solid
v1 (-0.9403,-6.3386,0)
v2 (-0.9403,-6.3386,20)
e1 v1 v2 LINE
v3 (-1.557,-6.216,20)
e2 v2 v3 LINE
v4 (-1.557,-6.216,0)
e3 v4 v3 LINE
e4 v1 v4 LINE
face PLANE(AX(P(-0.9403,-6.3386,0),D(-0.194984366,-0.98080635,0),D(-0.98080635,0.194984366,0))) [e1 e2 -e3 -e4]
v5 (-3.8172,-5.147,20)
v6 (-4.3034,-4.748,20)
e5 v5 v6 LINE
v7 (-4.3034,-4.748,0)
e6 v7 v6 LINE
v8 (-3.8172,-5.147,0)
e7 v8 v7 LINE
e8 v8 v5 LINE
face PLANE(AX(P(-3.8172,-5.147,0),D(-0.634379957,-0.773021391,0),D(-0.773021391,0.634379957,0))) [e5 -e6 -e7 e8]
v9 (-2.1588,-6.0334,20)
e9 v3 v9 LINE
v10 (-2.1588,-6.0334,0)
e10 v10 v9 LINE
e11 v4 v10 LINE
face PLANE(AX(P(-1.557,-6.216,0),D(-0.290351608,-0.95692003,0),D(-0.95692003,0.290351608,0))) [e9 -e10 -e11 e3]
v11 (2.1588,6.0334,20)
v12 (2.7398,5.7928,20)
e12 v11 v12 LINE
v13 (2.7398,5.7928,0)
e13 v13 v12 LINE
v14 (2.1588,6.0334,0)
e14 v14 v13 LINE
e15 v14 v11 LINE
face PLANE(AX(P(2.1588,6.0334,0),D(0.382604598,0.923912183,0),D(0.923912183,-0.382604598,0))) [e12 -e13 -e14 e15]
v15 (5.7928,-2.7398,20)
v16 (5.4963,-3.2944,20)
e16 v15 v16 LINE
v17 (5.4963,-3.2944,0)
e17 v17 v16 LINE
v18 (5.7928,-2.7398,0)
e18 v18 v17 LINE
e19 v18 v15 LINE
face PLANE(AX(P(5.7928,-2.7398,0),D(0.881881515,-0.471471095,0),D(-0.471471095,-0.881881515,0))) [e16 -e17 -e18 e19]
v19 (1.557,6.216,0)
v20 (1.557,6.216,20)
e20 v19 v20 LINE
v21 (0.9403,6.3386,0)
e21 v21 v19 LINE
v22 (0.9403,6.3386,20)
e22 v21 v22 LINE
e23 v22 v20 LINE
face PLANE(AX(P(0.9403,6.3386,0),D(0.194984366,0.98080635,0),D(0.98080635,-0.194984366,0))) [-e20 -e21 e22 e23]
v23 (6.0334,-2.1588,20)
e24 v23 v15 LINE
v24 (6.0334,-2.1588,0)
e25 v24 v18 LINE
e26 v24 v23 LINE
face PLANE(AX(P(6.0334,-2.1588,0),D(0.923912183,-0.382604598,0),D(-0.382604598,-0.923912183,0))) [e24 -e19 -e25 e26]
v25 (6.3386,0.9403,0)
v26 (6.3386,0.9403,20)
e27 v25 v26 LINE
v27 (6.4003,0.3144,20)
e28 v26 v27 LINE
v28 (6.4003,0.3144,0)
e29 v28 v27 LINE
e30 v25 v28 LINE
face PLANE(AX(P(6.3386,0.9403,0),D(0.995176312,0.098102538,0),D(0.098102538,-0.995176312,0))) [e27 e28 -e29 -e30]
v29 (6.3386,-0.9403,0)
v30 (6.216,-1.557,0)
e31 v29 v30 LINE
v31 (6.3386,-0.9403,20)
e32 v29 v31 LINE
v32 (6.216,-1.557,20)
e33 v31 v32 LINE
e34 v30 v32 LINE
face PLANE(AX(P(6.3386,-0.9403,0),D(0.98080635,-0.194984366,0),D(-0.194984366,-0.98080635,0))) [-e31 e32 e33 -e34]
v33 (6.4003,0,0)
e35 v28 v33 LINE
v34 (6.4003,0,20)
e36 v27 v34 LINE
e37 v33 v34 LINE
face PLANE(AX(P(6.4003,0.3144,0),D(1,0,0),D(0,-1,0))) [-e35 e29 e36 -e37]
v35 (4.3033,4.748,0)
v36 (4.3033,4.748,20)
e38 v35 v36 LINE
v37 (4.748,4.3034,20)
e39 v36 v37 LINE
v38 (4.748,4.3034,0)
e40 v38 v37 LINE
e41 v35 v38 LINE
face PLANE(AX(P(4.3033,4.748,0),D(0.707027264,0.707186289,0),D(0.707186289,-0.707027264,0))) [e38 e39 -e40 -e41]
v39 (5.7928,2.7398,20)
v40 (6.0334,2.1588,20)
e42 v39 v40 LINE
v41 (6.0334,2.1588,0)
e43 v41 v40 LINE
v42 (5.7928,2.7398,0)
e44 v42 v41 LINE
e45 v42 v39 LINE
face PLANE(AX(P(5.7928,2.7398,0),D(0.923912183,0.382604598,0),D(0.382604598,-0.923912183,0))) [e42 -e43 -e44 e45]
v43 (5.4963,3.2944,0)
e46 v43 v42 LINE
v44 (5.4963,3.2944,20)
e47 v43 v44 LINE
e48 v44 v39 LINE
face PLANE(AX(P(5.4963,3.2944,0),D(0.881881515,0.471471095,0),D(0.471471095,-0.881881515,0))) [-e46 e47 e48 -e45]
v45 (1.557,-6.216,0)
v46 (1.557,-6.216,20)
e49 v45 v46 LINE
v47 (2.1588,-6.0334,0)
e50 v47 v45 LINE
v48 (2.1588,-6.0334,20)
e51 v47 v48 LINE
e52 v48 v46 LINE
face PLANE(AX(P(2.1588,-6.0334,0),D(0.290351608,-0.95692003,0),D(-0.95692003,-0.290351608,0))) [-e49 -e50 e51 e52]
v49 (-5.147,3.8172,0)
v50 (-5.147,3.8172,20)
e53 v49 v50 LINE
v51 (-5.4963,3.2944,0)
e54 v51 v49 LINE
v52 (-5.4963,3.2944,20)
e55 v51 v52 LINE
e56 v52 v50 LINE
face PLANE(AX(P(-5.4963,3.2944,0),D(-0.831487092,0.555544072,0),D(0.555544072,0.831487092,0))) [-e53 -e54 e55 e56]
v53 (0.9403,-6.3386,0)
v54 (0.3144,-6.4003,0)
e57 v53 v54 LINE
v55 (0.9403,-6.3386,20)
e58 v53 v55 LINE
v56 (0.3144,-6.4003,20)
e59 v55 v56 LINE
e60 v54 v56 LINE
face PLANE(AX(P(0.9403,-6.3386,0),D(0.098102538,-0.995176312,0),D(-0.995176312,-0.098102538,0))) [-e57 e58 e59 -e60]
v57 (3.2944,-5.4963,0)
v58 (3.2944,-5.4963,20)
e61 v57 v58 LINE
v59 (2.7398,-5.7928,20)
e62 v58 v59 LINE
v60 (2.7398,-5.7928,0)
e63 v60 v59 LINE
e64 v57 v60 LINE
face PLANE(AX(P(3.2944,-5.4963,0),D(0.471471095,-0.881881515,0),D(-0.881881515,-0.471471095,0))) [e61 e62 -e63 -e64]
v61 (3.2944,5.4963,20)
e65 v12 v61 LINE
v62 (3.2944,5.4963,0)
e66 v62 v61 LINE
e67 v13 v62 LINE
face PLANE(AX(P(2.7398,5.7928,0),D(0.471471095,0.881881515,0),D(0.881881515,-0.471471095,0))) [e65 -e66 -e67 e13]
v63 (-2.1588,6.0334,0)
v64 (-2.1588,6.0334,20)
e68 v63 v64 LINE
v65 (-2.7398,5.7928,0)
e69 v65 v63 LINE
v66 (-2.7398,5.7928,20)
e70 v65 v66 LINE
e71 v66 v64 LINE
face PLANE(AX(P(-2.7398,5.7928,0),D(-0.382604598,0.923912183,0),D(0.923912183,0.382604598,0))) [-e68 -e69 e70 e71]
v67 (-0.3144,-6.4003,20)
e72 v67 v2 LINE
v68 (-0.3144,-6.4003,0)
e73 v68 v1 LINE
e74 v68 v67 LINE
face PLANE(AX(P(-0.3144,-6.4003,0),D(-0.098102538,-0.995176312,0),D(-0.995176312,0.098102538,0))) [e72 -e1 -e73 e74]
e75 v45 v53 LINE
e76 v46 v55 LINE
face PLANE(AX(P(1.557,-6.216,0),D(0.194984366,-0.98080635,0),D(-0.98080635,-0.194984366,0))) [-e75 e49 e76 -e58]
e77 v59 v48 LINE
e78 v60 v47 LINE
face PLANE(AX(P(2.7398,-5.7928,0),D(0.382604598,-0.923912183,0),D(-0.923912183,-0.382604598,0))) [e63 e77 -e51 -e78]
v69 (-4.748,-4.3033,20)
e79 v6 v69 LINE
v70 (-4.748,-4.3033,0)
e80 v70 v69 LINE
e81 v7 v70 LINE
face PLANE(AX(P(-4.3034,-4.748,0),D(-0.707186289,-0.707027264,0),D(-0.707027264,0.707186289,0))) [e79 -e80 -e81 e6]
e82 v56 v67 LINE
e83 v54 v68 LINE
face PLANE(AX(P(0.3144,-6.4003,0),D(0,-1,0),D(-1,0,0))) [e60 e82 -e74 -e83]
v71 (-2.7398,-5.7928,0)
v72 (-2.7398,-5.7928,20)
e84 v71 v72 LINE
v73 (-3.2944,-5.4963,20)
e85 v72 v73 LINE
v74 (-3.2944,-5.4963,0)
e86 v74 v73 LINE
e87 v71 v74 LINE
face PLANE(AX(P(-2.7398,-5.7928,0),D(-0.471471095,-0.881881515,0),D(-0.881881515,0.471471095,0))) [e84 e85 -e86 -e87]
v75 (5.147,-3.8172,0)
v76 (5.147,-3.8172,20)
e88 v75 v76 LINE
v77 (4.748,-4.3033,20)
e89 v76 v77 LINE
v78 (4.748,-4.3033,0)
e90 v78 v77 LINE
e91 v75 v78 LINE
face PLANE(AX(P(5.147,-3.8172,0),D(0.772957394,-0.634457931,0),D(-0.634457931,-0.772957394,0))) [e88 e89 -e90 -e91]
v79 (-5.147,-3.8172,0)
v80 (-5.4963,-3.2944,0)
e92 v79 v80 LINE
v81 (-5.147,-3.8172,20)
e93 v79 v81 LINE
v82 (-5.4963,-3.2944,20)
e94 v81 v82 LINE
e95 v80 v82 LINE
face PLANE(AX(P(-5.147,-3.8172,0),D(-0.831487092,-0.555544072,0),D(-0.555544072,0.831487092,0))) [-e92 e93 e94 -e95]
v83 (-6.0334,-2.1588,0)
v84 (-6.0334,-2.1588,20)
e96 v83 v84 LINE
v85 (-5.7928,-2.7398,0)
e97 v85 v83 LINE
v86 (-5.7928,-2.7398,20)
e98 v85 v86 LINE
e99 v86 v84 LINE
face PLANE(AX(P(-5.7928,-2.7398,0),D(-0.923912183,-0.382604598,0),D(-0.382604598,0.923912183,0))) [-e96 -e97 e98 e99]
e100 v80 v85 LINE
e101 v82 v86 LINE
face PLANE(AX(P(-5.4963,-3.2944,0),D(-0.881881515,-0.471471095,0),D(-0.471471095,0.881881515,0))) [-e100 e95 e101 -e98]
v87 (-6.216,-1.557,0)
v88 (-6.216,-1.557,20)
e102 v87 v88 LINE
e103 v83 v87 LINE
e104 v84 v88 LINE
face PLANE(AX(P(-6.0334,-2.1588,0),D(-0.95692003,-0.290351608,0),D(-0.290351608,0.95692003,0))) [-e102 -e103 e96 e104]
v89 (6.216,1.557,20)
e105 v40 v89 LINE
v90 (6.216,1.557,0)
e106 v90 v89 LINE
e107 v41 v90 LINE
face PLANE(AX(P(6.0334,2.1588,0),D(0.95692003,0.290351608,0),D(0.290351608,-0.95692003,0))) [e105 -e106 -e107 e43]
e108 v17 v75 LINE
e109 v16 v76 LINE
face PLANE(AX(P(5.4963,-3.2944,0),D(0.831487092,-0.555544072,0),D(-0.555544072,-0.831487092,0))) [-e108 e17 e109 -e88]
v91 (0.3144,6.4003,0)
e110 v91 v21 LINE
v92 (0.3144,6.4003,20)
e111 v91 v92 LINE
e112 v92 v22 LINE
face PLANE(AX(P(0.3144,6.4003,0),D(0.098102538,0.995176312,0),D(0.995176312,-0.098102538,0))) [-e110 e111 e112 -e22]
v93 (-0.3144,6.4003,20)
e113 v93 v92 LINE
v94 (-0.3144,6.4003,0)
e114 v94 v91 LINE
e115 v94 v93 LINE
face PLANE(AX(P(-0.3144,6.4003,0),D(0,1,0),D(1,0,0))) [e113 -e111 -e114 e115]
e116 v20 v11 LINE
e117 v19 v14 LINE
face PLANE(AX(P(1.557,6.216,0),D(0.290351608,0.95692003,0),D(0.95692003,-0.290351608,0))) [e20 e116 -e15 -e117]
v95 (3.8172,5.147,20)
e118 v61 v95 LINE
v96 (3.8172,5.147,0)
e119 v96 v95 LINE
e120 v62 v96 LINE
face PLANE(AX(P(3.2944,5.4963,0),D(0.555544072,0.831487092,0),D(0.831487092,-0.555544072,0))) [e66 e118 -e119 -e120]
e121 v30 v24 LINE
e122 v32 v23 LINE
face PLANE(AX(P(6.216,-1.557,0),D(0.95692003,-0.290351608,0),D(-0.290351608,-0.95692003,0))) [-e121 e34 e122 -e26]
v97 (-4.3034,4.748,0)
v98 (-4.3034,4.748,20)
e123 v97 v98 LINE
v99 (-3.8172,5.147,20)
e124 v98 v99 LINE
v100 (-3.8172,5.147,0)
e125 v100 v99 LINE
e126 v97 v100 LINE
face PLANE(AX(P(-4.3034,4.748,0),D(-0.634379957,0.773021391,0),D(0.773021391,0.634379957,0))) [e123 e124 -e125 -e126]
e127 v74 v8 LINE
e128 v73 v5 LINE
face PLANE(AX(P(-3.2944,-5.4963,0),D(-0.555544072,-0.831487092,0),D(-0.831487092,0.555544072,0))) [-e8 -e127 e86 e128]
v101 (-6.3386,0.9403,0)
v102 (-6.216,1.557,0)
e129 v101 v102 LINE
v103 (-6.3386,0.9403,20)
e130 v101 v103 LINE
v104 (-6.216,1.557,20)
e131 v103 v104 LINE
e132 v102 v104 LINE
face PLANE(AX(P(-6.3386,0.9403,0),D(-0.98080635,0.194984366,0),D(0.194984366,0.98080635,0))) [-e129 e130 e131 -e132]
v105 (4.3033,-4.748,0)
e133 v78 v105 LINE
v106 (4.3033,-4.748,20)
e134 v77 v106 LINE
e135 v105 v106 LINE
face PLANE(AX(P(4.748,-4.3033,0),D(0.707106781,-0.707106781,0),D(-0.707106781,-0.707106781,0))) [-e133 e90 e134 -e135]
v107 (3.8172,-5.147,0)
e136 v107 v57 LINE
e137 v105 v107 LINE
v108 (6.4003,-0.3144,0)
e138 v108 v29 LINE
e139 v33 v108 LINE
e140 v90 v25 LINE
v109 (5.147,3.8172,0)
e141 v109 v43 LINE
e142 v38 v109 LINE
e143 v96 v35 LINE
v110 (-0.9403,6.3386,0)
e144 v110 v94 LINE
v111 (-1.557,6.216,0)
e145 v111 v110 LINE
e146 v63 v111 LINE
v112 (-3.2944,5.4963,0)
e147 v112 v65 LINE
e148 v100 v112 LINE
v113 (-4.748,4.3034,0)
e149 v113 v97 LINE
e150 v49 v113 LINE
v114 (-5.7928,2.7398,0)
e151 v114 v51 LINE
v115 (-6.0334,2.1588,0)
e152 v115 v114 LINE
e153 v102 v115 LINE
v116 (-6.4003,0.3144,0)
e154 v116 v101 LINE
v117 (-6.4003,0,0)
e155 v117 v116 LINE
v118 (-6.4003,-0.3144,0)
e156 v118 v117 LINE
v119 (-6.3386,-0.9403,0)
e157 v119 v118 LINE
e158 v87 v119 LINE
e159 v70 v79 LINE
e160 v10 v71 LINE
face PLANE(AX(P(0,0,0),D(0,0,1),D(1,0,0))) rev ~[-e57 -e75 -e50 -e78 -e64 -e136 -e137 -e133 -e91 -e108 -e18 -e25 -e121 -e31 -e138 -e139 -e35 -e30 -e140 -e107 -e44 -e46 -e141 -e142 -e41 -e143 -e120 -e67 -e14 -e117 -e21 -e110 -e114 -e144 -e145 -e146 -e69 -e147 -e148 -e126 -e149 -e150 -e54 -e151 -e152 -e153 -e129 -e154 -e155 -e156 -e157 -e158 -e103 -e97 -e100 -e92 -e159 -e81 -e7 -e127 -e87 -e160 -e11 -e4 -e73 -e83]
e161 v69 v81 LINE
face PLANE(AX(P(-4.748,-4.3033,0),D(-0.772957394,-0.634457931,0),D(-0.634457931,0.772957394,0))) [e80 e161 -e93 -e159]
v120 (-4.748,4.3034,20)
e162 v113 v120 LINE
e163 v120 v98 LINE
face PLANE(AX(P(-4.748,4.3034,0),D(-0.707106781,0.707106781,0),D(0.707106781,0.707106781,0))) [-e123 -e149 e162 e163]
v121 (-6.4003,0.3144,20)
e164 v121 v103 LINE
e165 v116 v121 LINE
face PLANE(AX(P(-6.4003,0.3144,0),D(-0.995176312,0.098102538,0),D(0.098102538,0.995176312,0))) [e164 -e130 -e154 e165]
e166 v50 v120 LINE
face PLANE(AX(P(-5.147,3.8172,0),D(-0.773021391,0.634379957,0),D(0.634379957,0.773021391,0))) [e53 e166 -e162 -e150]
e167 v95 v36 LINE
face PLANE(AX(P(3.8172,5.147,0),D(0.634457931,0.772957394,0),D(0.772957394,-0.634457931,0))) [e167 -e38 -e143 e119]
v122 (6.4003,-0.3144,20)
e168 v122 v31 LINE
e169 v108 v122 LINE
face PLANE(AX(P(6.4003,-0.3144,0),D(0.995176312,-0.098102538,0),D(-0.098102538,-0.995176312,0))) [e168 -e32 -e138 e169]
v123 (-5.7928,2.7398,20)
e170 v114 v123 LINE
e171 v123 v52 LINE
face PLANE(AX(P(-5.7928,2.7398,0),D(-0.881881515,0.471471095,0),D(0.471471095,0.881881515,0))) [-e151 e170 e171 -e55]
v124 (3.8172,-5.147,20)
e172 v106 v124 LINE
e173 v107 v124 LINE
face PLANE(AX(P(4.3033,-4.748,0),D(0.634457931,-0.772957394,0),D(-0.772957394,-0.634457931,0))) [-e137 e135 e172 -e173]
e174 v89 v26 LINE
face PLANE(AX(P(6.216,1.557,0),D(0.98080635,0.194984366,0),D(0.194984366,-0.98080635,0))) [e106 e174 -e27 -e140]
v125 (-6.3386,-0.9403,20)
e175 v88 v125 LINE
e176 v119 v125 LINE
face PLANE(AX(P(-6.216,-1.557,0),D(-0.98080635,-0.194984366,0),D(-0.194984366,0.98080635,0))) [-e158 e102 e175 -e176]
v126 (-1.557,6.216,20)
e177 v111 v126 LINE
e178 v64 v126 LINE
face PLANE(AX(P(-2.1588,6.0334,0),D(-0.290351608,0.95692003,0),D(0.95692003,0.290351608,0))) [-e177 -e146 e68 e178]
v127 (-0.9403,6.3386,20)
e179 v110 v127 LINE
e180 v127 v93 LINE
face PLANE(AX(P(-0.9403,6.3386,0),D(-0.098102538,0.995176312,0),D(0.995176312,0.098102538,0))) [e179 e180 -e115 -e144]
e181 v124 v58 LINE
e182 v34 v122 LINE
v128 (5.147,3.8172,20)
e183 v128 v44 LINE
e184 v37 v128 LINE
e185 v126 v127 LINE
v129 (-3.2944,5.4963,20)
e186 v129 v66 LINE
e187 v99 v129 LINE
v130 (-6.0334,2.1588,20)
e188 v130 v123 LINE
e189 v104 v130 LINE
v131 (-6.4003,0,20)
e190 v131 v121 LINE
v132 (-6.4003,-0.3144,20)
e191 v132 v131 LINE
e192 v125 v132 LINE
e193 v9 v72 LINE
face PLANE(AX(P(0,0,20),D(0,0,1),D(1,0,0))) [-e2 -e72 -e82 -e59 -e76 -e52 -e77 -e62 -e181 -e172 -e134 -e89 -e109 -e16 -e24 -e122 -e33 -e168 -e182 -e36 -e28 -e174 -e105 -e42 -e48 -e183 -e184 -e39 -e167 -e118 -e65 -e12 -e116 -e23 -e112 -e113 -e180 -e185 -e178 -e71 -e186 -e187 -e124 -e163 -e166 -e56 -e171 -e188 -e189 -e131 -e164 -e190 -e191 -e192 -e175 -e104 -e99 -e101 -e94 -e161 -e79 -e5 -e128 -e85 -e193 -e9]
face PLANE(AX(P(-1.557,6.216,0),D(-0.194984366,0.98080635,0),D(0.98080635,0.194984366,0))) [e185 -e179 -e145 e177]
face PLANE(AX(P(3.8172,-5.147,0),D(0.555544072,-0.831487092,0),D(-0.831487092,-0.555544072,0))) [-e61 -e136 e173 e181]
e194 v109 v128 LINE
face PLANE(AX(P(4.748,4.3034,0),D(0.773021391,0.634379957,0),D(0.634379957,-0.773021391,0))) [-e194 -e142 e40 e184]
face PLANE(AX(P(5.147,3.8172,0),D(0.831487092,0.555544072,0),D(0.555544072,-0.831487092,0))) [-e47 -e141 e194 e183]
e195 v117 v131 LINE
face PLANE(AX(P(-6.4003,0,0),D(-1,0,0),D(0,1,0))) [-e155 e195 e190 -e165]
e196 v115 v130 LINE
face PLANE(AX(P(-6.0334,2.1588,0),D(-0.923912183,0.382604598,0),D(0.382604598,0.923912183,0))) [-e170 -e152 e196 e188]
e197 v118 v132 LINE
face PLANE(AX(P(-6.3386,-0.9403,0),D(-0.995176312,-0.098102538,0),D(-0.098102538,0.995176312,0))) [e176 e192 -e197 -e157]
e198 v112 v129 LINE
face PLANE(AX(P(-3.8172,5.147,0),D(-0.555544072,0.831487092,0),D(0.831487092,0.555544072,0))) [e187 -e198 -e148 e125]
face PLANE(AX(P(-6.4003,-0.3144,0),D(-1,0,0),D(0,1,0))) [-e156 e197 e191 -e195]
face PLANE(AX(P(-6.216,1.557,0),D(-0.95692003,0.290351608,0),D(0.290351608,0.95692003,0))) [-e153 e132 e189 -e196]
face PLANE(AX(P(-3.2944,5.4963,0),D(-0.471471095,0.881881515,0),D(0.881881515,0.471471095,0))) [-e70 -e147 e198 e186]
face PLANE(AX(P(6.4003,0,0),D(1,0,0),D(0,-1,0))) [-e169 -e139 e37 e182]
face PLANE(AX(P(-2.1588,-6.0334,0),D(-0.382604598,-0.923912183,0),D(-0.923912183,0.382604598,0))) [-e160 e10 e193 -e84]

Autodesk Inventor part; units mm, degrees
ref_plane "YZ Plane" through (0, 0, 0) normal (1, 0, 0) x (0, 1, 0)
ref_plane "XZ Plane" through (0, 0, 0) normal (0, 1, 0) x (-1, 0, 0)
ref_plane "XY Plane" through (0, 0, 0) normal (0, 0, 1) x (1, 0, 0)
sketch "C12,5-5, 470uF_126" plane through (0, 0, 0) normal (0, 0, 1) x (1, 0, 0)
  line L0 (0.9403, 6.3386) -> (1.557, 6.216)
  line L1 (1.557, 6.216) -> (2.1588, 6.0334)
  line L2 (2.1588, 6.0334) -> (2.7398, 5.7928)
  line L3 (2.7398, 5.7928) -> (3.2944, 5.4963)
  line L4 (3.2944, 5.4963) -> (3.8172, 5.147)
  line L5 (3.8172, 5.147) -> (4.3033, 4.748)
  line L6 (4.3033, 4.748) -> (4.748, 4.3034)
  line L7 (4.748, 4.3034) -> (5.147, 3.8172)
  line L8 (5.147, 3.8172) -> (5.4963, 3.2944)
  line L9 (5.4963, 3.2944) -> (5.7928, 2.7398)
  line L10 (5.7928, 2.7398) -> (6.0334, 2.1588)
  line L11 (6.0334, 2.1588) -> (6.216, 1.557)
  line L12 (6.216, 1.557) -> (6.3386, 0.9403)
  line L13 (6.3386, 0.9403) -> (6.4003, 0.3144)
  line L14 (6.4003, 0.3144) -> (6.4003, 0)
  line L15 (6.4003, 0) -> (6.4003, -0.3144)
  line L16 (6.4003, -0.3144) -> (6.3386, -0.9403)
  line L17 (6.3386, -0.9403) -> (6.216, -1.557)
  line L18 (6.216, -1.557) -> (6.0334, -2.1588)
  line L19 (6.0334, -2.1588) -> (5.7928, -2.7398)
  line L20 (5.7928, -2.7398) -> (5.4963, -3.2944)
  line L21 (5.4963, -3.2944) -> (5.147, -3.8172)
  line L22 (5.147, -3.8172) -> (4.748, -4.3033)
  line L23 (4.748, -4.3033) -> (4.3033, -4.748)
  line L24 (4.3033, -4.748) -> (3.8172, -5.147)
  line L25 (3.8172, -5.147) -> (3.2944, -5.4963)
  line L26 (3.2944, -5.4963) -> (2.7398, -5.7928)
  line L27 (2.7398, -5.7928) -> (2.1588, -6.0334)
  line L28 (2.1588, -6.0334) -> (1.557, -6.216)
  line L29 (1.557, -6.216) -> (0.9403, -6.3386)
  line L30 (0.9403, -6.3386) -> (0.3144, -6.4003)
  line L31 (0.3144, -6.4003) -> (-0.3144, -6.4003)
  line L32 (-0.3144, -6.4003) -> (-0.9403, -6.3386)
  line L33 (-0.9403, -6.3386) -> (-1.557, -6.216)
  line L34 (-1.557, -6.216) -> (-2.1588, -6.0334)
  line L35 (-2.1588, -6.0334) -> (-2.7398, -5.7928)
  line L36 (-2.7398, -5.7928) -> (-3.2944, -5.4963)
  line L37 (-3.2944, -5.4963) -> (-3.8172, -5.147)
  line L38 (-3.8172, -5.147) -> (-4.3034, -4.748)
  line L39 (-4.3034, -4.748) -> (-4.748, -4.3033)
  line L40 (-4.748, -4.3033) -> (-5.147, -3.8172)
  line L41 (-5.147, -3.8172) -> (-5.4963, -3.2944)
  line L42 (-5.4963, -3.2944) -> (-5.7928, -2.7398)
  line L43 (-5.7928, -2.7398) -> (-6.0334, -2.1588)
  line L44 (-6.0334, -2.1588) -> (-6.216, -1.557)
  line L45 (-6.216, -1.557) -> (-6.3386, -0.9403)
  line L46 (-6.3386, -0.9403) -> (-6.4003, -0.3144)
  line L47 (-6.4003, -0.3144) -> (-6.4003, 0)
  line L48 (-6.4003, 0) -> (-6.4003, 0.3144)
  line L49 (-6.4003, 0.3144) -> (-6.3386, 0.9403)
  line L50 (-6.3386, 0.9403) -> (-6.216, 1.557)
  line L51 (-6.216, 1.557) -> (-6.0334, 2.1588)
  line L52 (-6.0334, 2.1588) -> (-5.7928, 2.7398)
  line L53 (-5.7928, 2.7398) -> (-5.4963, 3.2944)
  line L54 (-5.4963, 3.2944) -> (-5.147, 3.8172)
  line L55 (-5.147, 3.8172) -> (-4.748, 4.3034)
  line L56 (-4.748, 4.3034) -> (-4.3034, 4.748)
  line L57 (-4.3034, 4.748) -> (-3.8172, 5.147)
  line L58 (-3.8172, 5.147) -> (-3.2944, 5.4963)
  line L59 (-3.2944, 5.4963) -> (-2.7398, 5.7928)
  line L60 (-2.7398, 5.7928) -> (-2.1588, 6.0334)
  line L61 (-2.1588, 6.0334) -> (-1.557, 6.216)
  line L62 (-1.557, 6.216) -> (-0.9403, 6.3386)
  line L63 (-0.9403, 6.3386) -> (-0.3144, 6.4003)
  line L64 (-0.3144, 6.4003) -> (0.3144, 6.4003)
  line L65 (0.3144, 6.4003) -> (0.9403, 6.3386)
extrude "Extrusion1" add sketch "C12,5-5, 470uF_126" along normal blind 20
properties part number "470uF"
